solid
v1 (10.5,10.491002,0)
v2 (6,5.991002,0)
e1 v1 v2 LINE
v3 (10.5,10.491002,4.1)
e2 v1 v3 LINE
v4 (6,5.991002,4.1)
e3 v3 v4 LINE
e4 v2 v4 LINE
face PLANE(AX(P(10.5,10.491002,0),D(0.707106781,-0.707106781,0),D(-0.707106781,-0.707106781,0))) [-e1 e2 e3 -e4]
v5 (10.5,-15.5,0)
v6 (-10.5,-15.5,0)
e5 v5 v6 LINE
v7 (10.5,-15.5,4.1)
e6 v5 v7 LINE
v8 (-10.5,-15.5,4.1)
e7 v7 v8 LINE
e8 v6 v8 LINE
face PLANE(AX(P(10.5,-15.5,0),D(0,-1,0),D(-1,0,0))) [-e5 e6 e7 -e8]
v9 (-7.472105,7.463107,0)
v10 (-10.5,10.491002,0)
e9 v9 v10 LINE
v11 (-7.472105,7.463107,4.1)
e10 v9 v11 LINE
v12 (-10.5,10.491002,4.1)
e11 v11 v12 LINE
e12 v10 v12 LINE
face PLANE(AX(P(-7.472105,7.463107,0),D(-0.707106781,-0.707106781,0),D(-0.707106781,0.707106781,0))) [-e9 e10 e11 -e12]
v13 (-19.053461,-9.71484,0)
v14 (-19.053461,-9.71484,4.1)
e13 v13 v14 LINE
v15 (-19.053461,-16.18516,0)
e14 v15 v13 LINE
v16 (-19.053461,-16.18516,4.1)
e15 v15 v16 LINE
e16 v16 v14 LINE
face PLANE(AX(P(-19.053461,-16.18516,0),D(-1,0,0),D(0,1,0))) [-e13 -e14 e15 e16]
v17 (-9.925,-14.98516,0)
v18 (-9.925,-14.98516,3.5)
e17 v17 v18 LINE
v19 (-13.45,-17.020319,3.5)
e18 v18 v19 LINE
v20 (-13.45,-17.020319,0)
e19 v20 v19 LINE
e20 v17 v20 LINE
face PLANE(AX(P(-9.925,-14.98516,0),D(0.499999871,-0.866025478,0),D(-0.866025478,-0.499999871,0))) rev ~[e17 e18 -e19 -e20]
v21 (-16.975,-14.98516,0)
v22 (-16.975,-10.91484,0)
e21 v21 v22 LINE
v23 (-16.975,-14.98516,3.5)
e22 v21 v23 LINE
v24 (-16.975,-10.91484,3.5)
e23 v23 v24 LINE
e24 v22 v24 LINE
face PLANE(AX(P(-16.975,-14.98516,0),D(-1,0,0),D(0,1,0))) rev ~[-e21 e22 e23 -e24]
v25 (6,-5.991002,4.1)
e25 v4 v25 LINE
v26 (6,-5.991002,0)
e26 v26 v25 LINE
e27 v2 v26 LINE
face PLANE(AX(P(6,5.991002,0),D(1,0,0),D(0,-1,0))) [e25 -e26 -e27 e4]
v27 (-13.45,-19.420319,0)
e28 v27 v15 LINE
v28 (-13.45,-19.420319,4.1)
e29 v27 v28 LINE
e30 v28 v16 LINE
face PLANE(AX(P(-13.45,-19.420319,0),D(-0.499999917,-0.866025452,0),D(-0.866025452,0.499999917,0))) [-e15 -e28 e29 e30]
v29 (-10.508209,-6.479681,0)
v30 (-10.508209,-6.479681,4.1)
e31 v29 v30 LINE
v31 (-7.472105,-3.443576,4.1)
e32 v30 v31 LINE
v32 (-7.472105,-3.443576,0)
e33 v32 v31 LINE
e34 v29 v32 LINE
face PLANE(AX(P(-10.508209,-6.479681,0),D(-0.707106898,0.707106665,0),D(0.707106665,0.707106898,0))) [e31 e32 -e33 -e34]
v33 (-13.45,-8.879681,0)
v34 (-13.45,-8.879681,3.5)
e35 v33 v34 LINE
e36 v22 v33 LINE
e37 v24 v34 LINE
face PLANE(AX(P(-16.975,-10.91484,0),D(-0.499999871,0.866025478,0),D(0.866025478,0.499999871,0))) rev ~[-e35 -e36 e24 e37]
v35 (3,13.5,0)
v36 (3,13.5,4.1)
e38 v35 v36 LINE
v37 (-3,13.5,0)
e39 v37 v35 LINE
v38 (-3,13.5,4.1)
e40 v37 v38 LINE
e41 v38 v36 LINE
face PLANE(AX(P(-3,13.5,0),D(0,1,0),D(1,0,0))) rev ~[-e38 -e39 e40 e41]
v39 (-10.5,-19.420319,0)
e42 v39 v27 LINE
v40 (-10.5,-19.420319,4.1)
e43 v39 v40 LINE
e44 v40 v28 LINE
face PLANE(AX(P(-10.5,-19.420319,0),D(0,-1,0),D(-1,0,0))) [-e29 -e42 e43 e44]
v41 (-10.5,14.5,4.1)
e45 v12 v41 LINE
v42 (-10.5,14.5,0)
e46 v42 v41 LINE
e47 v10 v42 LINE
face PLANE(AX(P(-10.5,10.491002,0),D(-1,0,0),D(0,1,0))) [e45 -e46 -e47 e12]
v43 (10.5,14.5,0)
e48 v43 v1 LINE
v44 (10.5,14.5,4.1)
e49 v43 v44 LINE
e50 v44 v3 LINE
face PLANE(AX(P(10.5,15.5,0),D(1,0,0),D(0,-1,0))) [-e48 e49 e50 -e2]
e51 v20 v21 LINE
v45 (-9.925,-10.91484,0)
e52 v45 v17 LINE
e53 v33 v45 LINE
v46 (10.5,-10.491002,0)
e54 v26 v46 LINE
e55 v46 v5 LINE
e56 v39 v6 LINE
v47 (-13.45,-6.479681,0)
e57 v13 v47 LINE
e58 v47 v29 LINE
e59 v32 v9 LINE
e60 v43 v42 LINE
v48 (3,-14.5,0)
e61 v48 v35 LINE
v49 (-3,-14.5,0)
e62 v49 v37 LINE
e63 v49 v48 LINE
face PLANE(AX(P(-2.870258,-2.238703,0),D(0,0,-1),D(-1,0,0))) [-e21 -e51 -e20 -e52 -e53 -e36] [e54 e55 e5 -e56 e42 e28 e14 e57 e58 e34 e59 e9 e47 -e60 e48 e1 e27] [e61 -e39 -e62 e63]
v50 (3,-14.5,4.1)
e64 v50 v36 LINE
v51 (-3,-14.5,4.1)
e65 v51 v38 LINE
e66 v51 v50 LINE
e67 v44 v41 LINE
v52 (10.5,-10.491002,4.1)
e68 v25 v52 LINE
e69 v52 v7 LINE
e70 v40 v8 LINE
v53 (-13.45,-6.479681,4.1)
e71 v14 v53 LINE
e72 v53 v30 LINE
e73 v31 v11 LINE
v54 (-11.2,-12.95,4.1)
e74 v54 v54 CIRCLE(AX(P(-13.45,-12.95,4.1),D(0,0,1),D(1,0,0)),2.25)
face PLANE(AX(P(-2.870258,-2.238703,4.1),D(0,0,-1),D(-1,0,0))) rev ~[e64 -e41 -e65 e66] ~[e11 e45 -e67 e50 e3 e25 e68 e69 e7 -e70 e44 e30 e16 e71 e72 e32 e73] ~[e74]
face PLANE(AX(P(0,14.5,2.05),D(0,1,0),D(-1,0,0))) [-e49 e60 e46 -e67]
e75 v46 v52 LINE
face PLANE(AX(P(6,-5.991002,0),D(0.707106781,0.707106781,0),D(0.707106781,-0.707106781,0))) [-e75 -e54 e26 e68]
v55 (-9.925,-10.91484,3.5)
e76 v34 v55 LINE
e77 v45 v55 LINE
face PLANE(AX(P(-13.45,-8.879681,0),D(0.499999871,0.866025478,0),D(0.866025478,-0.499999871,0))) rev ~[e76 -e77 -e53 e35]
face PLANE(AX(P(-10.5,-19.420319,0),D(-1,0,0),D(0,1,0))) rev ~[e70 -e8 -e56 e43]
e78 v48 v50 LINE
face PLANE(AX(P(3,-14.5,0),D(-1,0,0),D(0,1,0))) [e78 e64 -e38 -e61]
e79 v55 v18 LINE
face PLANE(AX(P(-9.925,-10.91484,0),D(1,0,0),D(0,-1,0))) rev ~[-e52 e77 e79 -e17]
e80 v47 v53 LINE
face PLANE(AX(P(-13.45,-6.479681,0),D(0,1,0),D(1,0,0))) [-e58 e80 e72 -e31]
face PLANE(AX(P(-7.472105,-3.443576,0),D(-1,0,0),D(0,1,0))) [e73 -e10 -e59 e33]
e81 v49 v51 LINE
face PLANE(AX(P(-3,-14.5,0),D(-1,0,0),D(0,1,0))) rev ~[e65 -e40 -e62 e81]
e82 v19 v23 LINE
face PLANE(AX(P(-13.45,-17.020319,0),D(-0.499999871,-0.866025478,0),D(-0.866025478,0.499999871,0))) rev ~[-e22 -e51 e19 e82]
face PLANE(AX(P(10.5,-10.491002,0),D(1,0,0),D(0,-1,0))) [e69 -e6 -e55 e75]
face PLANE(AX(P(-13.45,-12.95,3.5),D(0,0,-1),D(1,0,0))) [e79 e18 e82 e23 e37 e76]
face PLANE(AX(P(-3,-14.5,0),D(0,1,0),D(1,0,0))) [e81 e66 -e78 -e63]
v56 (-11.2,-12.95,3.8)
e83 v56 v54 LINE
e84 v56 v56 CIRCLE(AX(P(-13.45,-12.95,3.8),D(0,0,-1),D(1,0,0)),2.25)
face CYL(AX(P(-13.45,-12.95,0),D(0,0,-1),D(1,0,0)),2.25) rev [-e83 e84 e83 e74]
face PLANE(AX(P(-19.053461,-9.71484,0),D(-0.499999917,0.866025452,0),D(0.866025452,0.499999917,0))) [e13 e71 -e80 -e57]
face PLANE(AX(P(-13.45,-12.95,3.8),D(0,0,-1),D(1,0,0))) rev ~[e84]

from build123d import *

# Parameters (mm, degrees)
SKETCH_R        = 2.25
SKETCH_W        = 6
SKETCH_H        = 28
PAD_DEPTH       = 4.1
POCKET_DEPTH    = 3.5
SKETCH003_W     = 21
SKETCH003_H     = 4.1
POCKET001_DEPTH = 1
SKETCH002_R     = 2.25
PAD001_DEPTH    = 0.3


with BuildPart() as part:
    # Sketch → Pad (new body)
    with BuildSketch(Plane.XY):
        Polygon((-10.5, 15.5), (10.5, 15.5), (10.5, 10.491002), (6, 5.991002), (6, -5.991002), (10.5, -10.491002), (10.5, -15.5), (-10.5, -15.5), (-10.5, -17.717136), (-10.5, -19.420319), (-13.45, -19.420319), (-19.053461, -16.18516), (-19.053461, -9.71484), (-13.45, -6.479681), (-10.508209, -6.479681), (-7.472105, -3.443576), (-7.472105, 7.463107), (-10.5, 10.491002), align=None)
        with Locations((-13.45, -12.95)):
            Circle(SKETCH_R, mode=Mode.SUBTRACT)
        with Locations((0, -0.5)):
            Rectangle(SKETCH_W, SKETCH_H, mode=Mode.SUBTRACT)
    extrude(amount=PAD_DEPTH)

    # Sketch001 → Pocket (cut)
    with BuildSketch(Plane(origin=(0, 0, 0), x_dir=(1, 0, 0), z_dir=(0, 0, -1))):
        Polygon((-13.45, 8.879681), (-9.925, 10.91484), (-9.925, 14.98516), (-13.45, 17.020319), (-16.975, 14.98516), (-16.975, 10.91484), align=None)
    extrude(amount=-POCKET_DEPTH, mode=Mode.SUBTRACT)

    # Sketch003 → Pocket001 (cut)
    with BuildSketch(Plane(origin=(0, 15.5, 0), x_dir=(-1, 0, 0), z_dir=(0, 1, 0))):
        with Locations((0, 2.05)):
            Rectangle(SKETCH003_W, SKETCH003_H)
    extrude(amount=-POCKET001_DEPTH, mode=Mode.SUBTRACT)

    # Sketch002 → Pad001 (new body)
    with BuildSketch(Plane(origin=(0, 0, 3.5), x_dir=(1, 0, 0), z_dir=(0, 0, -1))):
        with Locations((-13.45, 12.95)):
            Circle(SKETCH002_R)
    extrude(amount=-PAD001_DEPTH)


solid = part.part
